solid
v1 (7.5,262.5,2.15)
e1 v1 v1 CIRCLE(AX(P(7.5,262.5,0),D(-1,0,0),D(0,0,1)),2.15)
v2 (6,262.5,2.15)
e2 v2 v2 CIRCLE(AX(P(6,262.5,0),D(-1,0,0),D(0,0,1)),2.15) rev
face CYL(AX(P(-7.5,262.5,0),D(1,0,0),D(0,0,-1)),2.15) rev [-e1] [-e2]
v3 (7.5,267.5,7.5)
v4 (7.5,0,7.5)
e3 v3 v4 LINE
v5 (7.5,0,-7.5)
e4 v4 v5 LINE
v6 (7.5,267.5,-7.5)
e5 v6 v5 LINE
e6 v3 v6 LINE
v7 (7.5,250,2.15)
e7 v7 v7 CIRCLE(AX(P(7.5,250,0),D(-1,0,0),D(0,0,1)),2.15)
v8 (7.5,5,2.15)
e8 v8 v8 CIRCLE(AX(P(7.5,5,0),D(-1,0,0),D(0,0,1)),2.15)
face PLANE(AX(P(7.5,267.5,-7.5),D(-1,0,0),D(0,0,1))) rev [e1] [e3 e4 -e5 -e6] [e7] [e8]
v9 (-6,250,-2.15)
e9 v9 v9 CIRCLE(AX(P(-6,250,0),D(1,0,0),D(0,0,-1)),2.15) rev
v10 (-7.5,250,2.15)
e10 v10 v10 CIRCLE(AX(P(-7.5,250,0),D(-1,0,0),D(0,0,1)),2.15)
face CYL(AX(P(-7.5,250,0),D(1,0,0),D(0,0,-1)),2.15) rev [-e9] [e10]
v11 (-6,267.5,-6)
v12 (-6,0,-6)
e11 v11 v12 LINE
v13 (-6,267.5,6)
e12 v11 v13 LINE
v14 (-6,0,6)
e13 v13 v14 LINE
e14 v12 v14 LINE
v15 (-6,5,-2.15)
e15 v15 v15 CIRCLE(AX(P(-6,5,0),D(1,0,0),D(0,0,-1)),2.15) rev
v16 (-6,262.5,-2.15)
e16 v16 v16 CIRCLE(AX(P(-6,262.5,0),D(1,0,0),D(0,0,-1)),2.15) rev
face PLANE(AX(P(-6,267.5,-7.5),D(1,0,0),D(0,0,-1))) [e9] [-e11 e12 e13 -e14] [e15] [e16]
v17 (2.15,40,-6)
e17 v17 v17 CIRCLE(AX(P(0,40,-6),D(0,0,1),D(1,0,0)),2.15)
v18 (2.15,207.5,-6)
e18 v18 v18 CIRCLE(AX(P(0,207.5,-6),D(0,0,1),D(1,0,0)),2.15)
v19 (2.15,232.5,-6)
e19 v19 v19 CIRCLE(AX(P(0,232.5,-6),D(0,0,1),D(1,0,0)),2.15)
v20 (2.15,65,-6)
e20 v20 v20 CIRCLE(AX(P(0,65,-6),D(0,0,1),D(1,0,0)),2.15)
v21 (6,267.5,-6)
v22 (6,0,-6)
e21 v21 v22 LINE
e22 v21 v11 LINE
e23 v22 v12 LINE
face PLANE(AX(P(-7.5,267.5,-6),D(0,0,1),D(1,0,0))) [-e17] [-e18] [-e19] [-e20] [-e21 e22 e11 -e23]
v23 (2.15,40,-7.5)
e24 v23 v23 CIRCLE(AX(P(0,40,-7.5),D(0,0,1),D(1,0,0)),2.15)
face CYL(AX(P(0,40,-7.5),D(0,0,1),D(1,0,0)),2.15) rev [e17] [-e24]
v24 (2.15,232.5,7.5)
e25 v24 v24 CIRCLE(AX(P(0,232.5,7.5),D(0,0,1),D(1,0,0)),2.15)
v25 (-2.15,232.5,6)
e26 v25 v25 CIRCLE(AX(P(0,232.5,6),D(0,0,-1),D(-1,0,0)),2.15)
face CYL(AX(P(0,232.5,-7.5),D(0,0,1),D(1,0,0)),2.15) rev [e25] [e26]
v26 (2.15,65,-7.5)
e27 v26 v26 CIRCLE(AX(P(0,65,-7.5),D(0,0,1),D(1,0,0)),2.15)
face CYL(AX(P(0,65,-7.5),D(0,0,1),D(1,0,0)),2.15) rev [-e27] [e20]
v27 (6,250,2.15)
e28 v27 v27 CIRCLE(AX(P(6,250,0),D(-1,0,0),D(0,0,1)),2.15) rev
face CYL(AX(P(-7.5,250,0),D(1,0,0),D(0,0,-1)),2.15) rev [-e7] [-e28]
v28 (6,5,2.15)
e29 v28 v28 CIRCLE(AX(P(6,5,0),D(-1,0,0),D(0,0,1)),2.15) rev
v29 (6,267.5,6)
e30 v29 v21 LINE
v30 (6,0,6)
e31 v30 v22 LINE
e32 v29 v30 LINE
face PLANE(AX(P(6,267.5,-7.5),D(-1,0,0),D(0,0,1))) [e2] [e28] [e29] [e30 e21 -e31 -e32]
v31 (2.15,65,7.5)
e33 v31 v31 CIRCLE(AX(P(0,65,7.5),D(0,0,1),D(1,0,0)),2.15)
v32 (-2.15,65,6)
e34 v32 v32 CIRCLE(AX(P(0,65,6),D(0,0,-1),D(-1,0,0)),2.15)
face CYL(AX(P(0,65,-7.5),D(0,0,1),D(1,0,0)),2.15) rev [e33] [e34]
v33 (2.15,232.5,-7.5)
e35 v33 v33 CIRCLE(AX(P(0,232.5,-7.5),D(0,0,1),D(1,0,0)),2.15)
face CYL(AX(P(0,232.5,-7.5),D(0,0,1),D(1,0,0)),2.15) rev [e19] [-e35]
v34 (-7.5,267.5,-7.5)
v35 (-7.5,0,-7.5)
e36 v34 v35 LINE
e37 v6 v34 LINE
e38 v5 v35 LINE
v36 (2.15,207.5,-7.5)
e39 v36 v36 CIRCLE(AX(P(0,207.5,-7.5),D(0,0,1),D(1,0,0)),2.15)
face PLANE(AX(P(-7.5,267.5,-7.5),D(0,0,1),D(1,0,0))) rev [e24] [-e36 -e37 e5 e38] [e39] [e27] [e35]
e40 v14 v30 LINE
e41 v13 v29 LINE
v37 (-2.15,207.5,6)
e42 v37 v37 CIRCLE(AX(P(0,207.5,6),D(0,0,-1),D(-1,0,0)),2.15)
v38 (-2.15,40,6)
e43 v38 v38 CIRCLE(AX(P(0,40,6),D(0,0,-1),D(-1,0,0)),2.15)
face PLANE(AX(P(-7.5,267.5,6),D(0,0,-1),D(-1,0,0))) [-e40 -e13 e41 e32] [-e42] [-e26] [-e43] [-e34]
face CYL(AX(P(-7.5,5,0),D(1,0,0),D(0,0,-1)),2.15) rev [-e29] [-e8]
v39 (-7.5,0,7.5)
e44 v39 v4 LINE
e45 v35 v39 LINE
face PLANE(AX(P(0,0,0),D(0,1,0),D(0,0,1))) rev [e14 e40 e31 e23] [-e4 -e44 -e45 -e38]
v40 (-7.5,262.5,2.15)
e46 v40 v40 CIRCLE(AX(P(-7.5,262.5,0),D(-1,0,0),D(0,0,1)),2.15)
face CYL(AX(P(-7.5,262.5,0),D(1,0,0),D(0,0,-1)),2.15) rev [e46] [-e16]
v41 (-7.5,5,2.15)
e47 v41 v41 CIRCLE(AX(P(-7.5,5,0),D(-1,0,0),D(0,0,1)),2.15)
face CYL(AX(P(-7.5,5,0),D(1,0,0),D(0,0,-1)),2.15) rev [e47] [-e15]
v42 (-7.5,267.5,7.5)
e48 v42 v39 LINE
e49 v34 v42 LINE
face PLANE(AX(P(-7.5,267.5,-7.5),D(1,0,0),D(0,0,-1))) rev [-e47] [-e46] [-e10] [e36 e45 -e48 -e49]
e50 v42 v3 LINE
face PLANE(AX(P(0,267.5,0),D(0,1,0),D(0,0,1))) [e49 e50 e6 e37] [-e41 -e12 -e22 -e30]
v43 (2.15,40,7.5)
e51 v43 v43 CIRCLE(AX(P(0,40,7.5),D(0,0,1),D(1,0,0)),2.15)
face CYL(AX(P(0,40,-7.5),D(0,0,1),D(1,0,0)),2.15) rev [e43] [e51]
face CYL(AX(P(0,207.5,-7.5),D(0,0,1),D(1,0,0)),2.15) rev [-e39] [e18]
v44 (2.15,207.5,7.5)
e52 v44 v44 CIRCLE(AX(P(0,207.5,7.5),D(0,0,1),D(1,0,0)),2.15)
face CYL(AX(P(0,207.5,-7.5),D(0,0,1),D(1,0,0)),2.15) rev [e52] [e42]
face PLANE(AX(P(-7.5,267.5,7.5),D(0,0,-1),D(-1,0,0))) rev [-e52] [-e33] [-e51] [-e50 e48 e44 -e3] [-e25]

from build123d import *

# Parameters (mm, degrees)
SKETCH_1_W          = 15
SKETCH_1_H          = 15
SKETCH_1_W_2        = 12
SKETCH_1_H_2        = 12
EXTRUDE_1_DEPTH     = 267.5
SKETCH_2_R          = 2.15
CUT_EXTRUDE_1_DEPTH = 269.025185384
SKETCH_3_R          = 2.15
CUT_EXTRUDE_2_DEPTH = 269.025185384


with BuildPart() as part:
    # ｽｹｯﾁ1 → 押し出し-薄板1 (new body)
    with BuildSketch(Plane(origin=(0, 0, 0), x_dir=(1, 0, 0), z_dir=(0, 1, 0))):
        Rectangle(SKETCH_1_W, SKETCH_1_H)
        Rectangle(SKETCH_1_W_2, SKETCH_1_H_2, mode=Mode.SUBTRACT)
    extrude(amount=EXTRUDE_1_DEPTH)

    # ｽｹｯﾁ2 → ｶｯﾄ - 押し出し1 (cut, through all)
    with BuildSketch(Plane.ZY.offset(-7.5)):
        with Locations(Location((0, 5, 0), (0, 0, 180))):
            Circle(SKETCH_2_R)
        with Locations(Location((0, 262.5, 0), (0, 0, 180))):
            Circle(SKETCH_2_R)
        with Locations(Location((0, 250, 0), (0, 0, 180))):
            Circle(SKETCH_2_R)
    extrude(amount=CUT_EXTRUDE_1_DEPTH, mode=Mode.SUBTRACT)

    # ｽｹｯﾁ3 → ｶｯﾄ - 押し出し2 (cut, through all)
    with BuildSketch(Plane.XY.offset(7.5)):
        with Locations((0, 207.5)):
            Circle(SKETCH_3_R)
        with Locations((0, 232.5)):
            Circle(SKETCH_3_R)
        with Locations((0, 65)):
            Circle(SKETCH_3_R)
        with Locations((0, 40)):
            Circle(SKETCH_3_R)
    extrude(amount=-CUT_EXTRUDE_2_DEPTH, mode=Mode.SUBTRACT)


solid = part.part
